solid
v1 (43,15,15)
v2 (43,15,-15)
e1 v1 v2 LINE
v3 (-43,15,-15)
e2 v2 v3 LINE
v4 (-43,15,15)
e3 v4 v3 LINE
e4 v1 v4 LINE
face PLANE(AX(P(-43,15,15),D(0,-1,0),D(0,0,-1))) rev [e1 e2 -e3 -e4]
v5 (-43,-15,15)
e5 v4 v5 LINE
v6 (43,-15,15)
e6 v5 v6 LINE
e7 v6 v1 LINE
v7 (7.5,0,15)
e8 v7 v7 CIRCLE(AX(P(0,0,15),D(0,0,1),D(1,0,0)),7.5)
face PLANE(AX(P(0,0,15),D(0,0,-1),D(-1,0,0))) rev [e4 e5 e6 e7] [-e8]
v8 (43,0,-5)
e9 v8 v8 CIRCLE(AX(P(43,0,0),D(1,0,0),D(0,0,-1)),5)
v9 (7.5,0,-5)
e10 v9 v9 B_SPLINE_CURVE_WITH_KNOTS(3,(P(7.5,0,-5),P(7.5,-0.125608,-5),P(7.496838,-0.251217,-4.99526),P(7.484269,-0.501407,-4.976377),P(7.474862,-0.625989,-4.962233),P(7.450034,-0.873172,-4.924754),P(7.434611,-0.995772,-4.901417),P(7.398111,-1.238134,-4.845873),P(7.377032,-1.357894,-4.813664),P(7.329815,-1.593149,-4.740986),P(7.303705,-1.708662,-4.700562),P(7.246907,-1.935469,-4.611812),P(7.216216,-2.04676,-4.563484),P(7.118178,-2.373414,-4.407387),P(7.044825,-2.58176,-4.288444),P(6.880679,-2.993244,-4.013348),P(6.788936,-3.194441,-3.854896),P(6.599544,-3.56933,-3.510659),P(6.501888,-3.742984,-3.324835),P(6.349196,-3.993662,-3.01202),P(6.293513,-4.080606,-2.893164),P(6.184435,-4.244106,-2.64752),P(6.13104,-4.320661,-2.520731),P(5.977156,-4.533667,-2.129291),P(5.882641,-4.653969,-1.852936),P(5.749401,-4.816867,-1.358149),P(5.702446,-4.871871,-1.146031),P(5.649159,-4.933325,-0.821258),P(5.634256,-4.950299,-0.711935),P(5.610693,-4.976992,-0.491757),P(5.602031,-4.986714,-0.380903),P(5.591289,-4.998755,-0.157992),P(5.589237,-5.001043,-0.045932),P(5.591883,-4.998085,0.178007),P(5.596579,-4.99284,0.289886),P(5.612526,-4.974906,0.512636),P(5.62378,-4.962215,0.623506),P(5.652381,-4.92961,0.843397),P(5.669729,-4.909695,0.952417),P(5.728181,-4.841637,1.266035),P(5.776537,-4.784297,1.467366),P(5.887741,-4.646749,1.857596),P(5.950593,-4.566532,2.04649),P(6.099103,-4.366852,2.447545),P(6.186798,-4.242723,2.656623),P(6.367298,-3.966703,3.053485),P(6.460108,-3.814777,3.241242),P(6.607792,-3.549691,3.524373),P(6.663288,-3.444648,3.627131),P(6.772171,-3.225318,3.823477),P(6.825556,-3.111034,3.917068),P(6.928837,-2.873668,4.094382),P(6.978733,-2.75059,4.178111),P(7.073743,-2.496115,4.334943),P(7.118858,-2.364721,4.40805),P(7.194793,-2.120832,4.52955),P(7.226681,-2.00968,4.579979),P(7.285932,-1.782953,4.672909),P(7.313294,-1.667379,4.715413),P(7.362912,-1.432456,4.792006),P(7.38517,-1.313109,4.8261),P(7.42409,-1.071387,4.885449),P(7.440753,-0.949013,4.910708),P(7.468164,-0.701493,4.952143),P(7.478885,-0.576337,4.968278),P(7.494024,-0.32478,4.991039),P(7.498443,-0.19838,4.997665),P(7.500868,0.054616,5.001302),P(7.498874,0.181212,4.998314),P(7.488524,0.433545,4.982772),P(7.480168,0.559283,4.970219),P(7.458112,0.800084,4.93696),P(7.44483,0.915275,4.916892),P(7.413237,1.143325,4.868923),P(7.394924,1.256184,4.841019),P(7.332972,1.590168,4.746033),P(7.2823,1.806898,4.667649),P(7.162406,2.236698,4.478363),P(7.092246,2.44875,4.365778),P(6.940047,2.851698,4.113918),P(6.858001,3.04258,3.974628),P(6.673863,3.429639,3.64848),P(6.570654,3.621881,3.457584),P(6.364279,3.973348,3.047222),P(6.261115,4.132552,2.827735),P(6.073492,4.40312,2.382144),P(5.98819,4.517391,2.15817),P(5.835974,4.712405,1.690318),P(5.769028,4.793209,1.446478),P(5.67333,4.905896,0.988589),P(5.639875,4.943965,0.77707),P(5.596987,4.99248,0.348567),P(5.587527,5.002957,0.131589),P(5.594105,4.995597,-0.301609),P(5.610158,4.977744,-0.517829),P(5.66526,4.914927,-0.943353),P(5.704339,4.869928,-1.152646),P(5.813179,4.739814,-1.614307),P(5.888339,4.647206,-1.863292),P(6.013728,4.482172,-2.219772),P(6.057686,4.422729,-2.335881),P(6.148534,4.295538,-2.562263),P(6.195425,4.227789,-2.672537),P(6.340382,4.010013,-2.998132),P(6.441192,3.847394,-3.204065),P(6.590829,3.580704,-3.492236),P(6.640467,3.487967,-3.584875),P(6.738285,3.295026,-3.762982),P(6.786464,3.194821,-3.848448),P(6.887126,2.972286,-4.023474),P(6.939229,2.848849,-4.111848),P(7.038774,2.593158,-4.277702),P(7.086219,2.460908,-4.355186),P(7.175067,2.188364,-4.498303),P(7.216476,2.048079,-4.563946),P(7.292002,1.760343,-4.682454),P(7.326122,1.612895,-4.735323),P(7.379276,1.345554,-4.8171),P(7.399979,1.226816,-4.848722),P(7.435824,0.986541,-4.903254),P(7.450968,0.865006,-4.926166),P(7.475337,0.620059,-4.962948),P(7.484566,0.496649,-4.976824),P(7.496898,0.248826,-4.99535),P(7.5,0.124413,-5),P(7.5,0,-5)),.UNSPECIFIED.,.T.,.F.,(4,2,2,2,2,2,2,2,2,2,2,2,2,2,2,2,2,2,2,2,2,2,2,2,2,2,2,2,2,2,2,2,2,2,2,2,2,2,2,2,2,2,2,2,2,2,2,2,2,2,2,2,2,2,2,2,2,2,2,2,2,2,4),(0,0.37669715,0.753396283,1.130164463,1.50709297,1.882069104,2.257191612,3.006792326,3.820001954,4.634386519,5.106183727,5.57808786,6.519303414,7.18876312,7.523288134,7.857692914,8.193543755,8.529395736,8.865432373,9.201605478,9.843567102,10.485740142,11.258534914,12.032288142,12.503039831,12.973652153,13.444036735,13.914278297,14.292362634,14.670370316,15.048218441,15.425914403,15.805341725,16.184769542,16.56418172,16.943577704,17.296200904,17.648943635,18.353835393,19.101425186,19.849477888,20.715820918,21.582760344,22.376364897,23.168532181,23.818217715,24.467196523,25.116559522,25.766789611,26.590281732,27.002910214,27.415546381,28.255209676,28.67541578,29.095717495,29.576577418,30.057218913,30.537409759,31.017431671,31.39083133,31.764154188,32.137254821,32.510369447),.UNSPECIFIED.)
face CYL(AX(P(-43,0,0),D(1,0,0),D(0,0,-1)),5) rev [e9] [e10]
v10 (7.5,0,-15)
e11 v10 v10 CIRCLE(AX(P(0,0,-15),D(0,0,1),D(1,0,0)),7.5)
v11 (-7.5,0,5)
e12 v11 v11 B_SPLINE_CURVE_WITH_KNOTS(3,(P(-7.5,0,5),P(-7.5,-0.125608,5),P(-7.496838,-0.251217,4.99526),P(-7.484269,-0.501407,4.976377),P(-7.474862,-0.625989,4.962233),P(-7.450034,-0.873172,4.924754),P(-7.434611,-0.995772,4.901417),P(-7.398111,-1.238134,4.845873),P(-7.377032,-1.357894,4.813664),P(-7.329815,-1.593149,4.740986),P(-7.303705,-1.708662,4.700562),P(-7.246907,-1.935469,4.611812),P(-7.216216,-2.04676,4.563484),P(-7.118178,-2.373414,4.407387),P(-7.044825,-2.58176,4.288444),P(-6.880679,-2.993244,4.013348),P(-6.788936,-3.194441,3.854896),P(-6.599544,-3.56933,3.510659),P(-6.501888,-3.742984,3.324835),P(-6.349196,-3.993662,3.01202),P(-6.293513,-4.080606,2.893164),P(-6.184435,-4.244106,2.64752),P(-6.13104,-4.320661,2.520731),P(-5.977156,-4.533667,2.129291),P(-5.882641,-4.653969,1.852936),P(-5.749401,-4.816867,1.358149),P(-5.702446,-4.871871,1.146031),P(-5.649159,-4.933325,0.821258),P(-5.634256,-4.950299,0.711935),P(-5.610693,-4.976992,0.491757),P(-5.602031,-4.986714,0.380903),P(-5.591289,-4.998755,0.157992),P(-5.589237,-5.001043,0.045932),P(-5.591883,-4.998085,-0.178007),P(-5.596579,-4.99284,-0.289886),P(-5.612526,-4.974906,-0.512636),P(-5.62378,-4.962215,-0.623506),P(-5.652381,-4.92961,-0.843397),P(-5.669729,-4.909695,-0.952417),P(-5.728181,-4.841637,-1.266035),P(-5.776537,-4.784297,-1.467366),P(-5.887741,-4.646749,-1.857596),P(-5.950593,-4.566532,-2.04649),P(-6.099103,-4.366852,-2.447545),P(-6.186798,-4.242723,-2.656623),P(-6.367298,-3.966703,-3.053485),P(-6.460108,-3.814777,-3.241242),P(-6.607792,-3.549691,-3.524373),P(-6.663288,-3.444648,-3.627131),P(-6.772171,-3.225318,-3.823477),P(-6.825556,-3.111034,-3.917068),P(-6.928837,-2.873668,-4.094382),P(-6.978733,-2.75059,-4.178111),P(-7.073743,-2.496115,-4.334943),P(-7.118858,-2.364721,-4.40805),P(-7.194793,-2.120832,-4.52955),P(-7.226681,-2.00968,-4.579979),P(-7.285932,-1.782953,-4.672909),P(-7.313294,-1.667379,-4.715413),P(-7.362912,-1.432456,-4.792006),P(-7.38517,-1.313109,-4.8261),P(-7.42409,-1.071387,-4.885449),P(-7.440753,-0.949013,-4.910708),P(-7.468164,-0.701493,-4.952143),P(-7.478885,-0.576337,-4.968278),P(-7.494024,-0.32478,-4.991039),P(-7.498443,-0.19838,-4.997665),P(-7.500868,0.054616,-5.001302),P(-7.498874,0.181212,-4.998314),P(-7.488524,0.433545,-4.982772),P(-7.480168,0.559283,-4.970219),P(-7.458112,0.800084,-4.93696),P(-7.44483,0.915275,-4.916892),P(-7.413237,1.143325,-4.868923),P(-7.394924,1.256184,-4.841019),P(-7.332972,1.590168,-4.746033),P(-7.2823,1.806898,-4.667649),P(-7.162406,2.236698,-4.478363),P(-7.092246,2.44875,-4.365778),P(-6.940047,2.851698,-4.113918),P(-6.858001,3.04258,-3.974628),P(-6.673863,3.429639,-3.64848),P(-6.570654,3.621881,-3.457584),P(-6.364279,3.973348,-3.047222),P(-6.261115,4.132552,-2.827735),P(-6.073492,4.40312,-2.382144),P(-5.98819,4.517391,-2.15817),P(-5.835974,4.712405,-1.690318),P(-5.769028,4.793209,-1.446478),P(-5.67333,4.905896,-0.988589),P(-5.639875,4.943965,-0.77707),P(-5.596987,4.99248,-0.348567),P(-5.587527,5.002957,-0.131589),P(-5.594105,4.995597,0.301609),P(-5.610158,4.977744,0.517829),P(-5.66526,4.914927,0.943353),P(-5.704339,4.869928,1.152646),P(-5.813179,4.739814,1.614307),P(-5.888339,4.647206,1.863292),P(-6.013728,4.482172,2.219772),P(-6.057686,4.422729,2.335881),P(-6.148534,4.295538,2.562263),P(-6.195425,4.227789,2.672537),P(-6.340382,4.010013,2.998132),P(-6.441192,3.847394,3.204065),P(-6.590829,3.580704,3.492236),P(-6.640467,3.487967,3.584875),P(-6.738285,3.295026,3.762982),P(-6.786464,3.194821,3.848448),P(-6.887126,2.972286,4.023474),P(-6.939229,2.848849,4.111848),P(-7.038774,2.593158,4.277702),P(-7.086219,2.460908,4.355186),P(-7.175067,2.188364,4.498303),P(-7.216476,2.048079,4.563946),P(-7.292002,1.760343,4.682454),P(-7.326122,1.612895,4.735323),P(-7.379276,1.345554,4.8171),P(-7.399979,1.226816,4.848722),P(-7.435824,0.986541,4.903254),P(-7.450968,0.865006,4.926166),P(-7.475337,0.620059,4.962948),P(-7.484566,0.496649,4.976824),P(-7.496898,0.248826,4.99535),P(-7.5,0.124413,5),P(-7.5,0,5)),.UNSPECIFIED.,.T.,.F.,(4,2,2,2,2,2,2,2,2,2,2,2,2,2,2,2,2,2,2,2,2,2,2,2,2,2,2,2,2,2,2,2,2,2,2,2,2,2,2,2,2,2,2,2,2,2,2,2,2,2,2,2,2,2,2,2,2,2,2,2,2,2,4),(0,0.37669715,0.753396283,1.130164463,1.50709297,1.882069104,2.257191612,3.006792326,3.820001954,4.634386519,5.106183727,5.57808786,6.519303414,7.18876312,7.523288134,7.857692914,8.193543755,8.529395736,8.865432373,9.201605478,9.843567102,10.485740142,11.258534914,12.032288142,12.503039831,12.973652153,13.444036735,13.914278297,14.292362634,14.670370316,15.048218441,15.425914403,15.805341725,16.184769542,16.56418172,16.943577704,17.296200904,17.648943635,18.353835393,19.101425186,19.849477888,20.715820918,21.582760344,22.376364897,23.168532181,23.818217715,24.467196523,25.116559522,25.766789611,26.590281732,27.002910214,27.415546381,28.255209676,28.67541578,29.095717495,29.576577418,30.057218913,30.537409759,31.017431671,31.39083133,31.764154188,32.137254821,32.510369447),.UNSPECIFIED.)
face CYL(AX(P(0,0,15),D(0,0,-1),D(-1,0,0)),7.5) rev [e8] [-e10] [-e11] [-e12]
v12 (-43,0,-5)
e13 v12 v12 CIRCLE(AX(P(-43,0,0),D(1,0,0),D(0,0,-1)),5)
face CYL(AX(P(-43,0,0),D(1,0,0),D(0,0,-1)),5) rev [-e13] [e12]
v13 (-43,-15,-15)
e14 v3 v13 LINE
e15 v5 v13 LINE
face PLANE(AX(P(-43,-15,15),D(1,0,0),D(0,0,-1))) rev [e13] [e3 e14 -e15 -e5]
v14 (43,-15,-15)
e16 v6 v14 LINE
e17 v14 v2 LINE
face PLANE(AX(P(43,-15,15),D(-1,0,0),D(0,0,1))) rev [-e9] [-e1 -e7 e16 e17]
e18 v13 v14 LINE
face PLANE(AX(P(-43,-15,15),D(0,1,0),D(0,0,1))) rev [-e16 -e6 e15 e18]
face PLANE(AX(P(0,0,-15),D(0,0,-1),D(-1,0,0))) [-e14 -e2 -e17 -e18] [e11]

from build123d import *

# Parameters (mm, degrees)
CROQUIS1_W              = 86
CROQUIS1_H              = 30
CROQUIS1_R              = 7.5
SALIENTE_EXTRUIR1_DEPTH = 15
CROQUIS2_R              = 5
CORTAR_EXTRUIR1_DEPTH   = 87


with BuildPart() as part:
    # Croquis1 → Saliente-Extruir1 (new body, symmetric)
    with BuildSketch(Plane.XY):
        Rectangle(CROQUIS1_W, CROQUIS1_H)
        Circle(CROQUIS1_R, mode=Mode.SUBTRACT)
    extrude(amount=SALIENTE_EXTRUIR1_DEPTH, both=True)

    # Croquis2 → Cortar-Extruir1 (cut, through all)
    with BuildSketch(Plane(origin=(43, 0, 0), x_dir=(0, 0, -1), z_dir=(1, 0, 0))):
        Circle(CROQUIS2_R)
    extrude(amount=-CORTAR_EXTRUIR1_DEPTH, mode=Mode.SUBTRACT)


solid = part.part
